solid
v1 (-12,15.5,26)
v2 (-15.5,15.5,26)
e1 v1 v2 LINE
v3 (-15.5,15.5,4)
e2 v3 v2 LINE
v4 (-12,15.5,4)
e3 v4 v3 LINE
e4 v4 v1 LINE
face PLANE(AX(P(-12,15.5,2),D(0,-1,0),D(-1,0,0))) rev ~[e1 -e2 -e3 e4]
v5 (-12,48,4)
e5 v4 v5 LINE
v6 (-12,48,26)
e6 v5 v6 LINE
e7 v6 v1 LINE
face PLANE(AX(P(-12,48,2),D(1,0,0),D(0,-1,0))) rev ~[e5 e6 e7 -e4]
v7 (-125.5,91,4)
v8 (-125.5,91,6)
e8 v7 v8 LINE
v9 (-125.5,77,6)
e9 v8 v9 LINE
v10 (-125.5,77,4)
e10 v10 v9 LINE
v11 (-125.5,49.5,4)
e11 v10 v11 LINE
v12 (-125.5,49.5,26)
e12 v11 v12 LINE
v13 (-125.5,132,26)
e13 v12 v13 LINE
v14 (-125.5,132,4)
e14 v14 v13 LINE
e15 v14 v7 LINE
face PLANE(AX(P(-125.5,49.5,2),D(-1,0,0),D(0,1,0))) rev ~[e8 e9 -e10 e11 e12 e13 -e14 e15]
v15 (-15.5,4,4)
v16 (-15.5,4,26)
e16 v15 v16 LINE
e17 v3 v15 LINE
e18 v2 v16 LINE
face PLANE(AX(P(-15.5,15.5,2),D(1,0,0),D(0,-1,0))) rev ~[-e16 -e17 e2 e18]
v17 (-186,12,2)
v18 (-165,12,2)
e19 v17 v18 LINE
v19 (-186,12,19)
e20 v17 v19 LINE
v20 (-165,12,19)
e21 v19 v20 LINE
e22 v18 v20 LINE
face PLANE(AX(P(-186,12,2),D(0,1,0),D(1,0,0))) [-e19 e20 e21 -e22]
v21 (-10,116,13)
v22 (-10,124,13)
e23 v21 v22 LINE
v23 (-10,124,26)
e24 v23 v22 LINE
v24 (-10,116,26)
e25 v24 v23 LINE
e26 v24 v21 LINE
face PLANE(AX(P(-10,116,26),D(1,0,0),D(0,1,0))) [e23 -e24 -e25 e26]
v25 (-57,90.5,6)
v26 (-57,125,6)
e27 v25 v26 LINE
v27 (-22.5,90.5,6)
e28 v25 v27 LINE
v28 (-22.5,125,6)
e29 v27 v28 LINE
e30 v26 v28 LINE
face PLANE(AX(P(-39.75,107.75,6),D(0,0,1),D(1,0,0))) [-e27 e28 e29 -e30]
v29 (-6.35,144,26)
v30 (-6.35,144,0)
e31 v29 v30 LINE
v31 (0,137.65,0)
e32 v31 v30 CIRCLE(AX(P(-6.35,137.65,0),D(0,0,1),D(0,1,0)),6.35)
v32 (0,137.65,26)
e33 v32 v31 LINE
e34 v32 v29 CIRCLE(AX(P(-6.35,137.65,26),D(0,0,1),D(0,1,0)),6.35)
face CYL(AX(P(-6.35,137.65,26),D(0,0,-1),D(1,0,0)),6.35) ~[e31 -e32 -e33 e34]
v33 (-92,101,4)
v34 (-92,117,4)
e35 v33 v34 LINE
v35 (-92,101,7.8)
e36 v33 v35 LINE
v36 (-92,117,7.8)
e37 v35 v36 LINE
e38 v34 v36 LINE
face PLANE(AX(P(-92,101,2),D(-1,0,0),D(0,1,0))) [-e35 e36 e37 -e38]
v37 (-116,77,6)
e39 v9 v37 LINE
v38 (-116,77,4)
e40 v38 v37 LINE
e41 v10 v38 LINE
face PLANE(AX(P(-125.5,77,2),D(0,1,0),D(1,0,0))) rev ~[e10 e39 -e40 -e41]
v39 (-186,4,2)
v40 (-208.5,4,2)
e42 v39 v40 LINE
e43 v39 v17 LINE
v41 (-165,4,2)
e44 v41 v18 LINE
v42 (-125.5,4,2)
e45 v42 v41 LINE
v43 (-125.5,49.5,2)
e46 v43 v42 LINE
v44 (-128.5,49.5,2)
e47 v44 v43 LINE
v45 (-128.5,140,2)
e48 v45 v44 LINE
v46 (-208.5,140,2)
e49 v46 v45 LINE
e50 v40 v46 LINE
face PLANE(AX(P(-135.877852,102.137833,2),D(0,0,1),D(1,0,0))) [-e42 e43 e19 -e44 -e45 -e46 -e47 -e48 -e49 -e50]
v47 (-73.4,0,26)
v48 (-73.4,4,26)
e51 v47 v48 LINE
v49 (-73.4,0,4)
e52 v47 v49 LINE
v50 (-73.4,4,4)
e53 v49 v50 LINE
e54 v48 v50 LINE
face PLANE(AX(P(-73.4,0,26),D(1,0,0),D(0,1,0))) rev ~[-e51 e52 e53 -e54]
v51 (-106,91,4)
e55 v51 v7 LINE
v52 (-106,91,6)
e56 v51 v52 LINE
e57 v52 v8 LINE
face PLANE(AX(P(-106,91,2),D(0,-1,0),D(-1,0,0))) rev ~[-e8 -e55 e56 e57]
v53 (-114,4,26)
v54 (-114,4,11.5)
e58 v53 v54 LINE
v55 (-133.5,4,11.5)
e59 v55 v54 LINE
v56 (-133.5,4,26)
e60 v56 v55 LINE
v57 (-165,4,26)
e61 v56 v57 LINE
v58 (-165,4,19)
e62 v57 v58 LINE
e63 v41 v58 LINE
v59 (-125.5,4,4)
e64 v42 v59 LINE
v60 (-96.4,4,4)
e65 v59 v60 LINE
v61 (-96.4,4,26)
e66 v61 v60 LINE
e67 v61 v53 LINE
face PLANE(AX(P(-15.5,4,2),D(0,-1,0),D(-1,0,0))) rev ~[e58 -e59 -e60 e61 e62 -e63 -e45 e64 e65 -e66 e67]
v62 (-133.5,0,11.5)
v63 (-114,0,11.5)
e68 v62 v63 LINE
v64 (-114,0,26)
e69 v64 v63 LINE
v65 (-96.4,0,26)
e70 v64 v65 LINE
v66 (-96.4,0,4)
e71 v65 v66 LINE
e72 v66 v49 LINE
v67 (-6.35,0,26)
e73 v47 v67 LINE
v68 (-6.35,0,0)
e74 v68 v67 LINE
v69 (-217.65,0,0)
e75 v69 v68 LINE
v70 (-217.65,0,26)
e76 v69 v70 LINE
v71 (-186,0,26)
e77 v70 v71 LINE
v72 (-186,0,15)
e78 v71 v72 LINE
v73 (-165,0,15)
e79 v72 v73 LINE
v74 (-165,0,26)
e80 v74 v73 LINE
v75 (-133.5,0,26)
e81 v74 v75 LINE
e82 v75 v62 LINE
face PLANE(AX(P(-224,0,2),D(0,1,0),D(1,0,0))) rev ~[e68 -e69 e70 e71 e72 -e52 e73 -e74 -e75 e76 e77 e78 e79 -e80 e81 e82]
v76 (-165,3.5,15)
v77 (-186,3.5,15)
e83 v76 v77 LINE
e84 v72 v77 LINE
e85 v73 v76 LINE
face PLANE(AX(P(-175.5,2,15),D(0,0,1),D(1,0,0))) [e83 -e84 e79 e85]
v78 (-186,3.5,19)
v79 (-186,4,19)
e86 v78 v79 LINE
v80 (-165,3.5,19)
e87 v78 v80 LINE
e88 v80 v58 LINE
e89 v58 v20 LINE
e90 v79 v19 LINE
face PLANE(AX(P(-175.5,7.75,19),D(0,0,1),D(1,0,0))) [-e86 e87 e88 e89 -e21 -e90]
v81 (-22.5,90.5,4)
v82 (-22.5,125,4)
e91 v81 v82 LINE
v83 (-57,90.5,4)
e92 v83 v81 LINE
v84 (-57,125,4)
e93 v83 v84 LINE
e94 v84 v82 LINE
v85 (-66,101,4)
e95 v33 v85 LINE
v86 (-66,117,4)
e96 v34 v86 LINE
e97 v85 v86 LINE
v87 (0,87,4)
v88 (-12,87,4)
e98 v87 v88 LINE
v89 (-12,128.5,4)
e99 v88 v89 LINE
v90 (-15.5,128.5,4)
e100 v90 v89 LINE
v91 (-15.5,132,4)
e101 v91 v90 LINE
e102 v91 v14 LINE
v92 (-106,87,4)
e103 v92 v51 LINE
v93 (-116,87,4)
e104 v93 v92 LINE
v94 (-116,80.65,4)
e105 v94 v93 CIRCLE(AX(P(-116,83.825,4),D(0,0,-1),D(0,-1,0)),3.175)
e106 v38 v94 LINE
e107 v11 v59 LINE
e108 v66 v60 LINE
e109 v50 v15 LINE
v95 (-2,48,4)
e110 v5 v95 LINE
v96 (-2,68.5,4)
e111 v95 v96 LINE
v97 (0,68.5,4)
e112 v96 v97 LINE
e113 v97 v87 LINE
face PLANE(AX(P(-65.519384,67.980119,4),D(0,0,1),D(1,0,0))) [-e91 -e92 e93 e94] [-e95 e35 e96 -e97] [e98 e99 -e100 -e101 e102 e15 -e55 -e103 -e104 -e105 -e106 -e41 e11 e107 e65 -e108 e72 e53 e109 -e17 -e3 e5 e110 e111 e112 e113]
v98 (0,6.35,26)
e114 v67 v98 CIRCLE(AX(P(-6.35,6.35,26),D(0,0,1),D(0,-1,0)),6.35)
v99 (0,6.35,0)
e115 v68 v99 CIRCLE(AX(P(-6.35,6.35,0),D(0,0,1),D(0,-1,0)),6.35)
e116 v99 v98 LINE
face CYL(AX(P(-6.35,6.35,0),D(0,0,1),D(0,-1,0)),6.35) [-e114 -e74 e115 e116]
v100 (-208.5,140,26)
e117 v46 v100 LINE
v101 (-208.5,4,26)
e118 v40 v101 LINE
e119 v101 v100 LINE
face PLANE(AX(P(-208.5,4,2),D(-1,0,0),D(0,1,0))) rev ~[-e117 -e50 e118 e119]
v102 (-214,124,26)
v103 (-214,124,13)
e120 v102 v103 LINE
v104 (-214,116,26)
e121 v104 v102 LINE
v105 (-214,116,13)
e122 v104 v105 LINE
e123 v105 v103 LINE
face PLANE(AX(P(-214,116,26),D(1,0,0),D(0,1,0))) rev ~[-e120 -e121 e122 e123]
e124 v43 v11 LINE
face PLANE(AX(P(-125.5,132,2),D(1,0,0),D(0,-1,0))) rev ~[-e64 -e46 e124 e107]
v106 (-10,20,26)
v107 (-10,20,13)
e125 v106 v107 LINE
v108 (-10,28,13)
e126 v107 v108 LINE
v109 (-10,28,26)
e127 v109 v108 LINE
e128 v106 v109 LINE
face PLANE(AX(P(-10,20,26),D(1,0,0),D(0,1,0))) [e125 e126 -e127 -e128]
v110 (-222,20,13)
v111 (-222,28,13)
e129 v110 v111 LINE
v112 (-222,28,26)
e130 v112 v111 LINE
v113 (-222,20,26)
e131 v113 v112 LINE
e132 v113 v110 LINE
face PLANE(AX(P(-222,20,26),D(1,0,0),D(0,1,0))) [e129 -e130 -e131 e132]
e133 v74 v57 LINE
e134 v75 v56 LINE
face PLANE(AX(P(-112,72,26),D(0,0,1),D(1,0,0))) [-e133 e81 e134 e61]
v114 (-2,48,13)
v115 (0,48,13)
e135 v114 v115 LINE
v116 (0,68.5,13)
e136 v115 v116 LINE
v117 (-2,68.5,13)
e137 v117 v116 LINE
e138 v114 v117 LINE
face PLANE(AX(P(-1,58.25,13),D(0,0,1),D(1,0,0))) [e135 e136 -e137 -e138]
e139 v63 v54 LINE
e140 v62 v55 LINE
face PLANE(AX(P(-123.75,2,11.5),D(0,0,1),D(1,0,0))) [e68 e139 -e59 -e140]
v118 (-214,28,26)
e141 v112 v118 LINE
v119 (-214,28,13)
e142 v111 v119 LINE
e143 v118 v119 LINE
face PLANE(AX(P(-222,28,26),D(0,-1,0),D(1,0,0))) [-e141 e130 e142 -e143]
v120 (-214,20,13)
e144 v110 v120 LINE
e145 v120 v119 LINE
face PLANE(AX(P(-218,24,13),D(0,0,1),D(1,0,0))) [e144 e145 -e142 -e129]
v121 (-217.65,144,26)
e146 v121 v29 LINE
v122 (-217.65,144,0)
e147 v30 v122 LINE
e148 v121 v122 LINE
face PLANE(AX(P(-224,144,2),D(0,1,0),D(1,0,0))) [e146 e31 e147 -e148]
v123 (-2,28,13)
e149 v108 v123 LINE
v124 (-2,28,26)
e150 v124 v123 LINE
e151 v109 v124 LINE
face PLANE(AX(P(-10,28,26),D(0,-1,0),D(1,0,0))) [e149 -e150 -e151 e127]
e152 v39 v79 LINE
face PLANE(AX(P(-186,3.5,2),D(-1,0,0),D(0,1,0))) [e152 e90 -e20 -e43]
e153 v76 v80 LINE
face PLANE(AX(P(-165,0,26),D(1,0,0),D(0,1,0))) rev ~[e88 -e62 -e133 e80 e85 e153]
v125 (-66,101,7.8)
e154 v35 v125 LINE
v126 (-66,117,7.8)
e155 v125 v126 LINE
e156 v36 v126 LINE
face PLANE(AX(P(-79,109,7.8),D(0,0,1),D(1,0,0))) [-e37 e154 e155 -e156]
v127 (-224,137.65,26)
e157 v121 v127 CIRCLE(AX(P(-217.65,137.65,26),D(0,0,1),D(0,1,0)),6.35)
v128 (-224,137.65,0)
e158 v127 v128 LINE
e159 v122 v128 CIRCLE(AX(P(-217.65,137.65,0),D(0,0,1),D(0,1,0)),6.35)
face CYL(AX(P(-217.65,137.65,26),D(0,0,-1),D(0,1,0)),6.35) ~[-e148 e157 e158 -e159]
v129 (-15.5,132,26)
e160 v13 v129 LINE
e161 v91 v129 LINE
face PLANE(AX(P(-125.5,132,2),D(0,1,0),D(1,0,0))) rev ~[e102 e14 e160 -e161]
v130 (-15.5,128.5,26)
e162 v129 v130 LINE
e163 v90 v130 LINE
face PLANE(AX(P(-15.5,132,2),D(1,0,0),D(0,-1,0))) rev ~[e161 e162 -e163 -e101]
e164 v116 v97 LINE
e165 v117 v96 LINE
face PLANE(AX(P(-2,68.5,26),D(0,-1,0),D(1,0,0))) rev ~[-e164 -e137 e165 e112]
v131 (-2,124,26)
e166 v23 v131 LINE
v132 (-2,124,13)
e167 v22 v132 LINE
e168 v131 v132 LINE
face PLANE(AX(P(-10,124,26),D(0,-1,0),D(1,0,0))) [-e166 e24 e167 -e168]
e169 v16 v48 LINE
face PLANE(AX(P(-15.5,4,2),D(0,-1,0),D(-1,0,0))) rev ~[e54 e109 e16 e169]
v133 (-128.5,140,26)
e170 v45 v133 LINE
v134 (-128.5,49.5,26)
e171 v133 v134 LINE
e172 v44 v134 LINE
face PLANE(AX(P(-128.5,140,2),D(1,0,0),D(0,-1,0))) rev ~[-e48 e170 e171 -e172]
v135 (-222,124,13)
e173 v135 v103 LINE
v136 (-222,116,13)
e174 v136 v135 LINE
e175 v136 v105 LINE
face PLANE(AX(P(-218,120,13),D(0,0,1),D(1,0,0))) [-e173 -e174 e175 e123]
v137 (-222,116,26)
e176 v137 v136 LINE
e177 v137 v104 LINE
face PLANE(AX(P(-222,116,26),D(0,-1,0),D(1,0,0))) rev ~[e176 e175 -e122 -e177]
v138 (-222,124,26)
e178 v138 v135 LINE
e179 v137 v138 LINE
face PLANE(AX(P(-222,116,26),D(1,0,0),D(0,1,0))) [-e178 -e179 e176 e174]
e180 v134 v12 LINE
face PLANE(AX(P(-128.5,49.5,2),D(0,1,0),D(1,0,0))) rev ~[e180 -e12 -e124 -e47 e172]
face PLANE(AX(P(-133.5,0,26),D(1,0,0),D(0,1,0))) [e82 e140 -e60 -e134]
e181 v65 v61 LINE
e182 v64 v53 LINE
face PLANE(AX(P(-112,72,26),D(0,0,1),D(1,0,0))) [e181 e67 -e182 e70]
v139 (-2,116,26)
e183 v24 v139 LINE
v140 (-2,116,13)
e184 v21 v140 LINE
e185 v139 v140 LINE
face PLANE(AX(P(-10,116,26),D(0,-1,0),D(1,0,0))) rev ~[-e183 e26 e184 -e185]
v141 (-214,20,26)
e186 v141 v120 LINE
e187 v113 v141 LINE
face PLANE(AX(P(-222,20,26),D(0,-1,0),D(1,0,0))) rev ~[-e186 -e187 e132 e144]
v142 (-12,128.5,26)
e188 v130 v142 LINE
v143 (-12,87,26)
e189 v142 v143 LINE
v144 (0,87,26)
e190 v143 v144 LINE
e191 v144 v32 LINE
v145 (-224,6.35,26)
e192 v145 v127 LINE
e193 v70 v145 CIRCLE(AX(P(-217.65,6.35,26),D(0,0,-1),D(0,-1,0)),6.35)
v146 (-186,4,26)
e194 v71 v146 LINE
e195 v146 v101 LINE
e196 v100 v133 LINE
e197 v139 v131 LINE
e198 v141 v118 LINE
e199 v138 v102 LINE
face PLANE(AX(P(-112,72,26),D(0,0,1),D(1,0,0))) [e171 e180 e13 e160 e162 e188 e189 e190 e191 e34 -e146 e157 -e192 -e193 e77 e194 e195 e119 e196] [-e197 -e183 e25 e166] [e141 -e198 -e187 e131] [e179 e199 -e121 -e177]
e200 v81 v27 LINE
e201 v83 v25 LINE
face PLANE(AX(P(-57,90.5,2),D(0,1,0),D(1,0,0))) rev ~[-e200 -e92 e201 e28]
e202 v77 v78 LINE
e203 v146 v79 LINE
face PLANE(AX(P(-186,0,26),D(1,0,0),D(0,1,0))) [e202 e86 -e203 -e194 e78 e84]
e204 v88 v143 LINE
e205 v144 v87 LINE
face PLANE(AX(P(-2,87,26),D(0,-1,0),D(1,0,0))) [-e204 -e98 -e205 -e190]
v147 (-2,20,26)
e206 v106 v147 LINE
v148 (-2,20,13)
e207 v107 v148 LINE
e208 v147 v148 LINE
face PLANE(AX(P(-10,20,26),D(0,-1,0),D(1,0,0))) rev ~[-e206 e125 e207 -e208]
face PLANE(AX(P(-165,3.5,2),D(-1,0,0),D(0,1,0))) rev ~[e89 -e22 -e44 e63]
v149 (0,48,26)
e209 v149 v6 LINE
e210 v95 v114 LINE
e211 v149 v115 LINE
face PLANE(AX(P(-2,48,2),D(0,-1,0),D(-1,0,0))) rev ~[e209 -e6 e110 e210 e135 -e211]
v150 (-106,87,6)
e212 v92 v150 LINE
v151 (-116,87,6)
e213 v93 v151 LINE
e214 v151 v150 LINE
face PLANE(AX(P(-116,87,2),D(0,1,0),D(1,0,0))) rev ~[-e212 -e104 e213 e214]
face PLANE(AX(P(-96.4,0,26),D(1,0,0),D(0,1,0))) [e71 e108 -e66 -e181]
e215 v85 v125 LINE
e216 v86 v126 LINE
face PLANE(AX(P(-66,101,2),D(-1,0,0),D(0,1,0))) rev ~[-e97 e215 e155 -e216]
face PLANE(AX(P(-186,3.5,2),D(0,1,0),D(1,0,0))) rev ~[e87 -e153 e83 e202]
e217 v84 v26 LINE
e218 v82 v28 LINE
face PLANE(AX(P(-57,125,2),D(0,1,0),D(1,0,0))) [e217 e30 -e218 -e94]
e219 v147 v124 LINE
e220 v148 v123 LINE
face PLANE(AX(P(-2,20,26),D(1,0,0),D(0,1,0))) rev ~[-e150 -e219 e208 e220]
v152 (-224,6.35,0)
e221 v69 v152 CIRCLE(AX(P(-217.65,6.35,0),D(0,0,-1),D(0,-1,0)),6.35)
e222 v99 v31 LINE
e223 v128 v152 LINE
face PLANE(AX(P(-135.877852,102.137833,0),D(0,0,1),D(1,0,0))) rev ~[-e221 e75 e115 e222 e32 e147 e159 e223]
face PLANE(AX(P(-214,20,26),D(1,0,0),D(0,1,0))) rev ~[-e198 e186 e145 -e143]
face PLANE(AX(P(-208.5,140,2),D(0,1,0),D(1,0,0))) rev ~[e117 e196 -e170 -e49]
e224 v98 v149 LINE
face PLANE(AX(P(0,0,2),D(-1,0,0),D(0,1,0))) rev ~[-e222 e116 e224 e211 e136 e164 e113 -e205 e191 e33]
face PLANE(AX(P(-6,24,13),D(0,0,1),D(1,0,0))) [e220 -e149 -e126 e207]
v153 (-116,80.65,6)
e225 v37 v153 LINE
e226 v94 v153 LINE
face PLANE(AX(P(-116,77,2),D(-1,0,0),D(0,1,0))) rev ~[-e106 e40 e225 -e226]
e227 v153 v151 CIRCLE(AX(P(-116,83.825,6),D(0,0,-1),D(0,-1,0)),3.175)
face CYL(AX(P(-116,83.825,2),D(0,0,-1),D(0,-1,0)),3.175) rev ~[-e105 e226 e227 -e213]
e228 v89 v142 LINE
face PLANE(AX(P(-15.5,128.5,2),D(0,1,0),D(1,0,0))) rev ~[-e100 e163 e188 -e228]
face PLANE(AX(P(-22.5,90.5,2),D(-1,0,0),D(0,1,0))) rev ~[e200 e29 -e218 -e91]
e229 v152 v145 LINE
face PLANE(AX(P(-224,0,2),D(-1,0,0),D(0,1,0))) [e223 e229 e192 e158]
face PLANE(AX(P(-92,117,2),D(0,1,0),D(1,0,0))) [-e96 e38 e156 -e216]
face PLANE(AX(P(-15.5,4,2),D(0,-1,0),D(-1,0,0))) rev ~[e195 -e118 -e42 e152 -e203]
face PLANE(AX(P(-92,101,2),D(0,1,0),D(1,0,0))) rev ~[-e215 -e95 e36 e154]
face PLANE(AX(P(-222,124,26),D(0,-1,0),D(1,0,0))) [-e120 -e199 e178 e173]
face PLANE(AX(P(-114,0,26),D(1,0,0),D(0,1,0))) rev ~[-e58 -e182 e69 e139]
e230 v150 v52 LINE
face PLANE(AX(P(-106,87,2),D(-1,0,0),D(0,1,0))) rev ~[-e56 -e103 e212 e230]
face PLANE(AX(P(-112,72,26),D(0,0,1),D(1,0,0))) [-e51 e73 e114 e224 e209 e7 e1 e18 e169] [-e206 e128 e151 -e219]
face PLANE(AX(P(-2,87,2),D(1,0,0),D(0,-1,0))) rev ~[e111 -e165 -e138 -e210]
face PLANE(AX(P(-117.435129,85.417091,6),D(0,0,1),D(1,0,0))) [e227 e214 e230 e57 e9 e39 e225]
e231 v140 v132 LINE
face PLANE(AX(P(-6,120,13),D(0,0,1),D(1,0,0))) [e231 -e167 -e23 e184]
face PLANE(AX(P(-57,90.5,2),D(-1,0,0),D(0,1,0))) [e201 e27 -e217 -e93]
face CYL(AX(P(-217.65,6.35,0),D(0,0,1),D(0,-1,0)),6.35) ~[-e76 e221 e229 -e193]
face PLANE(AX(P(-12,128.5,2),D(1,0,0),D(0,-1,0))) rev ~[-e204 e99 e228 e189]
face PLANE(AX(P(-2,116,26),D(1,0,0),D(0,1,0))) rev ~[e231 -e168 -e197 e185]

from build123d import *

# Parameters (mm, degrees)
F0_W      = 8
F0_H      = 8
F0_W_2    = 17.6
F0_H_2    = 4
F0_W_3    = 31.5
F0_W_4    = 9.5
F0_H_3    = 37.5
F0_W_5    = 35
F0_H_4    = 34.5
F0_W_6    = 26
F0_H_5    = 15
F0_H_6    = 16
F0_H_7    = 5
F0_W_7    = 12
F0_H_8    = 37
F0_W_8    = 23
F1_DEPTH  = 2
F2_W      = 224
F2_H      = 144
F3_DEPTH  = 24
F4_W      = 21
F4_H      = 4
F5_DEPTH  = 11
F6_W      = 21
F6_H      = 8.5
F7_DEPTH  = 17
F8_R      = 6.35
F9_W      = 34.5
F9_H      = 34.5
F10_DEPTH = 4
F11_W     = 26
F11_H     = 16
F12_DEPTH = 5.8
F14_DEPTH = 4
F15_W     = 19.5
F15_H     = 4
F16_DEPTH = 14.5
F17_W     = 8
F17_H     = 8
F18_DEPTH = 13
F19_W     = 2
F19_H     = 20.5
F20_DEPTH = 13
F21_W     = 2
F21_H     = 18.5
F22_DEPTH = 22
F25_W     = 23
F25_H     = 4
F26_DEPTH = 22
F28_DEPTH = 2


with BuildPart() as f1:
    # F0 (on Top) → F1 (new body)
    with BuildSketch(Plane.XY):
        Polygon((-224, 144), (-224, 0), (-186, 0), (-186, 4), (-208.5, 4), (-208.5, 140), (-128.5, 140), (-128.5, 49.5), (-125.5, 49.5), (-125.5, 87), (-125.5, 132), (-90, 132), (-64, 132), (-15.5, 132), (-15.5, 128.5), (-12, 128.5), (-12, 87), (0, 87), (0, 144), align=None)
        with Locations((-218, 24)):
            Rectangle(F0_W, F0_H, mode=Mode.SUBTRACT)
        with Locations((-218, 120)):
            Rectangle(F0_W, F0_H, mode=Mode.SUBTRACT)
        with Locations((-6, 120)):
            Rectangle(F0_W, F0_H, mode=Mode.SUBTRACT)
        Polygon((-208.5, 4), (-186, 4), (-186, 12), (-165, 12), (-165, 4), (-133.5, 4), (-128.5, 4), (-128.5, 49.5), (-128.5, 140), (-208.5, 140), align=None)
        Polygon((-133.5, 4), (-133.5, 0), (-114, 0), (-114, 4), (-128.5, 4), align=None)
        with Locations((-105.2, 2)):
            Rectangle(F0_W_2, F0_H_2)
        with Locations((-149.25, 2)):
            Rectangle(F0_W_3, F0_H_2)
        Polygon((-186, 4), (-186, 0), (-165, 0), (-165, 4), (-165, 12), (-186, 12), align=None)
        with Locations((-120.75, 68.25)):
            Rectangle(F0_W_4, F0_H_3)
        Polygon((-116, 87), (-12, 87), (-12, 128.5), (-15.5, 128.5), (-15.5, 132), (-64, 132), (-64, 117), (-64, 101), (-64, 96), (-90, 96), (-90, 101), (-90, 117), (-90, 132), (-125.5, 132), (-125.5, 87), align=None)
        with Locations((-39.5, 107.75)):
            Rectangle(F0_W_5, F0_H_4, mode=Mode.SUBTRACT)
        with Locations((-77, 124.5)):
            Rectangle(F0_W_6, F0_H_5)
        with Locations((-77, 109)):
            Rectangle(F0_W_6, F0_H_6)
        with Locations((-77, 98.5)):
            Rectangle(F0_W_6, F0_H_7)
        with Locations((-39.5, 107.75)):
            Rectangle(F0_W_5, F0_H_4)
        with Locations((-6, 120)):
            Rectangle(F0_W, F0_H)
        with Locations((-218, 120)):
            Rectangle(F0_W, F0_H)
        with Locations((-218, 24)):
            Rectangle(F0_W, F0_H)
        with Locations((-6, 68.5)):
            Rectangle(F0_W_7, F0_H_8)
        Polygon((-12, 50), (-12, 87), (-116, 87), (-116, 49.5), (-125.5, 49.5), (-128.5, 49.5), (-128.5, 4), (-114, 4), (-96.4, 4), (-73.4, 4), (-15.5, 4), (-15.5, 15.5), (-12, 15.5), align=None)
        Polygon((0, 0), (0, 50), (-12, 50), (-12, 15.5), (-15.5, 15.5), (-15.5, 4), (-73.4, 4), (-73.4, 0), align=None)
        with Locations((-6, 24)):
            Rectangle(F0_W, F0_H, mode=Mode.SUBTRACT)
        with Locations((-6, 24)):
            Rectangle(F0_W, F0_H)
        with Locations((-84.9, 2)):
            Rectangle(F0_W_8, F0_H_2)
    extrude(amount=F1_DEPTH)

    # F2 (on face) → F3 (join)
    with BuildSketch(Plane.XY.offset(2)):
        with Locations((-112, 72)):
            Rectangle(F2_W, F2_H)
        Polygon((-208.5, 4), (-208.5, 140), (-128.5, 140), (-128.5, 49.5), (-125.5, 49.5), (-125.5, 132), (-15.5, 132), (-15.5, 128.5), (-12, 128.5), (-12, 87), (-2, 87), (-2, 50), (-2, 48), (-12, 48), (-12, 15.5), (-15.5, 15.5), (-15.5, 4), align=None, mode=Mode.SUBTRACT)
    extrude(amount=F3_DEPTH)

    # F4 (on face) → F5 (cut)
    with BuildSketch(Plane.XY.offset(26)):
        with Locations((-175.5, 2)):
            Rectangle(F4_W, F4_H)
    extrude(amount=-F5_DEPTH, mode=Mode.SUBTRACT)

    # F6 (on face) → F7 (join)
    with BuildSketch(Plane.XY.offset(2)):
        with Locations((-175.5, 7.75)):
            Rectangle(F6_W, F6_H)
    extrude(amount=F7_DEPTH)

    # F8
    f8_edges = [f1.edges().sort_by_distance(p)[0] for p in [
        (-224, 0, 13),
        (0, 0, 13),
        (0, 144, 13),
        (-224, 144, 13),
    ]]
    fillet(f8_edges, radius=F8_R)

    # F9 (on face) → F10 (join)
    with BuildSketch(Plane.XY.offset(2)):
        with Locations((-39.75, 107.75)):
            Rectangle(F9_W, F9_H)
    extrude(amount=F10_DEPTH)

    # F11 (on face) → F12 (join)
    with BuildSketch(Plane.XY.offset(2)):
        with Locations((-79, 109)):
            Rectangle(F11_W, F11_H)
    extrude(amount=F12_DEPTH)

    # F13 (on face) → F14 (join)
    with BuildSketch(Plane.XY.offset(2)):
        with BuildLine():
            ThreePointArc((-116, 80.65), (-119.175, 83.825), (-116, 87))
            Line((-116, 87), (-106, 87))
            Line((-106, 87), (-106, 91))
            Line((-106, 91), (-125.5, 91))
            Line((-125.5, 91), (-125.5, 77))
            Line((-125.5, 77), (-116, 77))
            Line((-116, 77), (-116, 80.65))
        make_face()
    extrude(amount=F14_DEPTH)

    # F15 (on face) → F16 (cut)
    with BuildSketch(Plane.XY.offset(26)):
        with Locations((-123.75, 2)):
            Rectangle(F15_W, F15_H)
    extrude(amount=-F16_DEPTH, mode=Mode.SUBTRACT)

    # F17 (on face) → F18 (cut)
    with BuildSketch(Plane.XY.offset(26)):
        with Locations((-218, 120)):
            Rectangle(F17_W, F17_H)
        with Locations((-6, 120)):
            Rectangle(F17_W, F17_H)
        with Locations((-218, 24)):
            Rectangle(F17_W, F17_H)
        with Locations((-6, 24)):
            Rectangle(F17_W, F17_H)
    extrude(amount=-F18_DEPTH, mode=Mode.SUBTRACT)

    # F19 (on face) → F20 (cut)
    with BuildSketch(Plane.XY.offset(26)):
        with Locations((-1, 58.25)):
            Rectangle(F19_W, F19_H)
    extrude(amount=-F20_DEPTH, mode=Mode.SUBTRACT)

    # F21 (on face) → F22 (cut)
    with BuildSketch(Plane.XY.offset(26)):
        with Locations((-1, 77.75)):
            Rectangle(F21_W, F21_H)
    extrude(amount=-F22_DEPTH, mode=Mode.SUBTRACT)

    # F25 (on face) → F26 (cut)
    with BuildSketch(Plane.XY.offset(26)):
        with Locations((-84.9, 2)):
            Rectangle(F25_W, F25_H)
    extrude(amount=-F26_DEPTH, mode=Mode.SUBTRACT)

    # F27 (on face) → F28 (join)
    with BuildSketch(Plane.XY.offset(2)):
        Polygon((-125.5, 132), (-125.5, 4), (-12, 4), (-12, 48), (-2, 48), (-2, 87), (-12, 87), (-12, 132), align=None)
    extrude(amount=F28_DEPTH)


solid = f1.part
